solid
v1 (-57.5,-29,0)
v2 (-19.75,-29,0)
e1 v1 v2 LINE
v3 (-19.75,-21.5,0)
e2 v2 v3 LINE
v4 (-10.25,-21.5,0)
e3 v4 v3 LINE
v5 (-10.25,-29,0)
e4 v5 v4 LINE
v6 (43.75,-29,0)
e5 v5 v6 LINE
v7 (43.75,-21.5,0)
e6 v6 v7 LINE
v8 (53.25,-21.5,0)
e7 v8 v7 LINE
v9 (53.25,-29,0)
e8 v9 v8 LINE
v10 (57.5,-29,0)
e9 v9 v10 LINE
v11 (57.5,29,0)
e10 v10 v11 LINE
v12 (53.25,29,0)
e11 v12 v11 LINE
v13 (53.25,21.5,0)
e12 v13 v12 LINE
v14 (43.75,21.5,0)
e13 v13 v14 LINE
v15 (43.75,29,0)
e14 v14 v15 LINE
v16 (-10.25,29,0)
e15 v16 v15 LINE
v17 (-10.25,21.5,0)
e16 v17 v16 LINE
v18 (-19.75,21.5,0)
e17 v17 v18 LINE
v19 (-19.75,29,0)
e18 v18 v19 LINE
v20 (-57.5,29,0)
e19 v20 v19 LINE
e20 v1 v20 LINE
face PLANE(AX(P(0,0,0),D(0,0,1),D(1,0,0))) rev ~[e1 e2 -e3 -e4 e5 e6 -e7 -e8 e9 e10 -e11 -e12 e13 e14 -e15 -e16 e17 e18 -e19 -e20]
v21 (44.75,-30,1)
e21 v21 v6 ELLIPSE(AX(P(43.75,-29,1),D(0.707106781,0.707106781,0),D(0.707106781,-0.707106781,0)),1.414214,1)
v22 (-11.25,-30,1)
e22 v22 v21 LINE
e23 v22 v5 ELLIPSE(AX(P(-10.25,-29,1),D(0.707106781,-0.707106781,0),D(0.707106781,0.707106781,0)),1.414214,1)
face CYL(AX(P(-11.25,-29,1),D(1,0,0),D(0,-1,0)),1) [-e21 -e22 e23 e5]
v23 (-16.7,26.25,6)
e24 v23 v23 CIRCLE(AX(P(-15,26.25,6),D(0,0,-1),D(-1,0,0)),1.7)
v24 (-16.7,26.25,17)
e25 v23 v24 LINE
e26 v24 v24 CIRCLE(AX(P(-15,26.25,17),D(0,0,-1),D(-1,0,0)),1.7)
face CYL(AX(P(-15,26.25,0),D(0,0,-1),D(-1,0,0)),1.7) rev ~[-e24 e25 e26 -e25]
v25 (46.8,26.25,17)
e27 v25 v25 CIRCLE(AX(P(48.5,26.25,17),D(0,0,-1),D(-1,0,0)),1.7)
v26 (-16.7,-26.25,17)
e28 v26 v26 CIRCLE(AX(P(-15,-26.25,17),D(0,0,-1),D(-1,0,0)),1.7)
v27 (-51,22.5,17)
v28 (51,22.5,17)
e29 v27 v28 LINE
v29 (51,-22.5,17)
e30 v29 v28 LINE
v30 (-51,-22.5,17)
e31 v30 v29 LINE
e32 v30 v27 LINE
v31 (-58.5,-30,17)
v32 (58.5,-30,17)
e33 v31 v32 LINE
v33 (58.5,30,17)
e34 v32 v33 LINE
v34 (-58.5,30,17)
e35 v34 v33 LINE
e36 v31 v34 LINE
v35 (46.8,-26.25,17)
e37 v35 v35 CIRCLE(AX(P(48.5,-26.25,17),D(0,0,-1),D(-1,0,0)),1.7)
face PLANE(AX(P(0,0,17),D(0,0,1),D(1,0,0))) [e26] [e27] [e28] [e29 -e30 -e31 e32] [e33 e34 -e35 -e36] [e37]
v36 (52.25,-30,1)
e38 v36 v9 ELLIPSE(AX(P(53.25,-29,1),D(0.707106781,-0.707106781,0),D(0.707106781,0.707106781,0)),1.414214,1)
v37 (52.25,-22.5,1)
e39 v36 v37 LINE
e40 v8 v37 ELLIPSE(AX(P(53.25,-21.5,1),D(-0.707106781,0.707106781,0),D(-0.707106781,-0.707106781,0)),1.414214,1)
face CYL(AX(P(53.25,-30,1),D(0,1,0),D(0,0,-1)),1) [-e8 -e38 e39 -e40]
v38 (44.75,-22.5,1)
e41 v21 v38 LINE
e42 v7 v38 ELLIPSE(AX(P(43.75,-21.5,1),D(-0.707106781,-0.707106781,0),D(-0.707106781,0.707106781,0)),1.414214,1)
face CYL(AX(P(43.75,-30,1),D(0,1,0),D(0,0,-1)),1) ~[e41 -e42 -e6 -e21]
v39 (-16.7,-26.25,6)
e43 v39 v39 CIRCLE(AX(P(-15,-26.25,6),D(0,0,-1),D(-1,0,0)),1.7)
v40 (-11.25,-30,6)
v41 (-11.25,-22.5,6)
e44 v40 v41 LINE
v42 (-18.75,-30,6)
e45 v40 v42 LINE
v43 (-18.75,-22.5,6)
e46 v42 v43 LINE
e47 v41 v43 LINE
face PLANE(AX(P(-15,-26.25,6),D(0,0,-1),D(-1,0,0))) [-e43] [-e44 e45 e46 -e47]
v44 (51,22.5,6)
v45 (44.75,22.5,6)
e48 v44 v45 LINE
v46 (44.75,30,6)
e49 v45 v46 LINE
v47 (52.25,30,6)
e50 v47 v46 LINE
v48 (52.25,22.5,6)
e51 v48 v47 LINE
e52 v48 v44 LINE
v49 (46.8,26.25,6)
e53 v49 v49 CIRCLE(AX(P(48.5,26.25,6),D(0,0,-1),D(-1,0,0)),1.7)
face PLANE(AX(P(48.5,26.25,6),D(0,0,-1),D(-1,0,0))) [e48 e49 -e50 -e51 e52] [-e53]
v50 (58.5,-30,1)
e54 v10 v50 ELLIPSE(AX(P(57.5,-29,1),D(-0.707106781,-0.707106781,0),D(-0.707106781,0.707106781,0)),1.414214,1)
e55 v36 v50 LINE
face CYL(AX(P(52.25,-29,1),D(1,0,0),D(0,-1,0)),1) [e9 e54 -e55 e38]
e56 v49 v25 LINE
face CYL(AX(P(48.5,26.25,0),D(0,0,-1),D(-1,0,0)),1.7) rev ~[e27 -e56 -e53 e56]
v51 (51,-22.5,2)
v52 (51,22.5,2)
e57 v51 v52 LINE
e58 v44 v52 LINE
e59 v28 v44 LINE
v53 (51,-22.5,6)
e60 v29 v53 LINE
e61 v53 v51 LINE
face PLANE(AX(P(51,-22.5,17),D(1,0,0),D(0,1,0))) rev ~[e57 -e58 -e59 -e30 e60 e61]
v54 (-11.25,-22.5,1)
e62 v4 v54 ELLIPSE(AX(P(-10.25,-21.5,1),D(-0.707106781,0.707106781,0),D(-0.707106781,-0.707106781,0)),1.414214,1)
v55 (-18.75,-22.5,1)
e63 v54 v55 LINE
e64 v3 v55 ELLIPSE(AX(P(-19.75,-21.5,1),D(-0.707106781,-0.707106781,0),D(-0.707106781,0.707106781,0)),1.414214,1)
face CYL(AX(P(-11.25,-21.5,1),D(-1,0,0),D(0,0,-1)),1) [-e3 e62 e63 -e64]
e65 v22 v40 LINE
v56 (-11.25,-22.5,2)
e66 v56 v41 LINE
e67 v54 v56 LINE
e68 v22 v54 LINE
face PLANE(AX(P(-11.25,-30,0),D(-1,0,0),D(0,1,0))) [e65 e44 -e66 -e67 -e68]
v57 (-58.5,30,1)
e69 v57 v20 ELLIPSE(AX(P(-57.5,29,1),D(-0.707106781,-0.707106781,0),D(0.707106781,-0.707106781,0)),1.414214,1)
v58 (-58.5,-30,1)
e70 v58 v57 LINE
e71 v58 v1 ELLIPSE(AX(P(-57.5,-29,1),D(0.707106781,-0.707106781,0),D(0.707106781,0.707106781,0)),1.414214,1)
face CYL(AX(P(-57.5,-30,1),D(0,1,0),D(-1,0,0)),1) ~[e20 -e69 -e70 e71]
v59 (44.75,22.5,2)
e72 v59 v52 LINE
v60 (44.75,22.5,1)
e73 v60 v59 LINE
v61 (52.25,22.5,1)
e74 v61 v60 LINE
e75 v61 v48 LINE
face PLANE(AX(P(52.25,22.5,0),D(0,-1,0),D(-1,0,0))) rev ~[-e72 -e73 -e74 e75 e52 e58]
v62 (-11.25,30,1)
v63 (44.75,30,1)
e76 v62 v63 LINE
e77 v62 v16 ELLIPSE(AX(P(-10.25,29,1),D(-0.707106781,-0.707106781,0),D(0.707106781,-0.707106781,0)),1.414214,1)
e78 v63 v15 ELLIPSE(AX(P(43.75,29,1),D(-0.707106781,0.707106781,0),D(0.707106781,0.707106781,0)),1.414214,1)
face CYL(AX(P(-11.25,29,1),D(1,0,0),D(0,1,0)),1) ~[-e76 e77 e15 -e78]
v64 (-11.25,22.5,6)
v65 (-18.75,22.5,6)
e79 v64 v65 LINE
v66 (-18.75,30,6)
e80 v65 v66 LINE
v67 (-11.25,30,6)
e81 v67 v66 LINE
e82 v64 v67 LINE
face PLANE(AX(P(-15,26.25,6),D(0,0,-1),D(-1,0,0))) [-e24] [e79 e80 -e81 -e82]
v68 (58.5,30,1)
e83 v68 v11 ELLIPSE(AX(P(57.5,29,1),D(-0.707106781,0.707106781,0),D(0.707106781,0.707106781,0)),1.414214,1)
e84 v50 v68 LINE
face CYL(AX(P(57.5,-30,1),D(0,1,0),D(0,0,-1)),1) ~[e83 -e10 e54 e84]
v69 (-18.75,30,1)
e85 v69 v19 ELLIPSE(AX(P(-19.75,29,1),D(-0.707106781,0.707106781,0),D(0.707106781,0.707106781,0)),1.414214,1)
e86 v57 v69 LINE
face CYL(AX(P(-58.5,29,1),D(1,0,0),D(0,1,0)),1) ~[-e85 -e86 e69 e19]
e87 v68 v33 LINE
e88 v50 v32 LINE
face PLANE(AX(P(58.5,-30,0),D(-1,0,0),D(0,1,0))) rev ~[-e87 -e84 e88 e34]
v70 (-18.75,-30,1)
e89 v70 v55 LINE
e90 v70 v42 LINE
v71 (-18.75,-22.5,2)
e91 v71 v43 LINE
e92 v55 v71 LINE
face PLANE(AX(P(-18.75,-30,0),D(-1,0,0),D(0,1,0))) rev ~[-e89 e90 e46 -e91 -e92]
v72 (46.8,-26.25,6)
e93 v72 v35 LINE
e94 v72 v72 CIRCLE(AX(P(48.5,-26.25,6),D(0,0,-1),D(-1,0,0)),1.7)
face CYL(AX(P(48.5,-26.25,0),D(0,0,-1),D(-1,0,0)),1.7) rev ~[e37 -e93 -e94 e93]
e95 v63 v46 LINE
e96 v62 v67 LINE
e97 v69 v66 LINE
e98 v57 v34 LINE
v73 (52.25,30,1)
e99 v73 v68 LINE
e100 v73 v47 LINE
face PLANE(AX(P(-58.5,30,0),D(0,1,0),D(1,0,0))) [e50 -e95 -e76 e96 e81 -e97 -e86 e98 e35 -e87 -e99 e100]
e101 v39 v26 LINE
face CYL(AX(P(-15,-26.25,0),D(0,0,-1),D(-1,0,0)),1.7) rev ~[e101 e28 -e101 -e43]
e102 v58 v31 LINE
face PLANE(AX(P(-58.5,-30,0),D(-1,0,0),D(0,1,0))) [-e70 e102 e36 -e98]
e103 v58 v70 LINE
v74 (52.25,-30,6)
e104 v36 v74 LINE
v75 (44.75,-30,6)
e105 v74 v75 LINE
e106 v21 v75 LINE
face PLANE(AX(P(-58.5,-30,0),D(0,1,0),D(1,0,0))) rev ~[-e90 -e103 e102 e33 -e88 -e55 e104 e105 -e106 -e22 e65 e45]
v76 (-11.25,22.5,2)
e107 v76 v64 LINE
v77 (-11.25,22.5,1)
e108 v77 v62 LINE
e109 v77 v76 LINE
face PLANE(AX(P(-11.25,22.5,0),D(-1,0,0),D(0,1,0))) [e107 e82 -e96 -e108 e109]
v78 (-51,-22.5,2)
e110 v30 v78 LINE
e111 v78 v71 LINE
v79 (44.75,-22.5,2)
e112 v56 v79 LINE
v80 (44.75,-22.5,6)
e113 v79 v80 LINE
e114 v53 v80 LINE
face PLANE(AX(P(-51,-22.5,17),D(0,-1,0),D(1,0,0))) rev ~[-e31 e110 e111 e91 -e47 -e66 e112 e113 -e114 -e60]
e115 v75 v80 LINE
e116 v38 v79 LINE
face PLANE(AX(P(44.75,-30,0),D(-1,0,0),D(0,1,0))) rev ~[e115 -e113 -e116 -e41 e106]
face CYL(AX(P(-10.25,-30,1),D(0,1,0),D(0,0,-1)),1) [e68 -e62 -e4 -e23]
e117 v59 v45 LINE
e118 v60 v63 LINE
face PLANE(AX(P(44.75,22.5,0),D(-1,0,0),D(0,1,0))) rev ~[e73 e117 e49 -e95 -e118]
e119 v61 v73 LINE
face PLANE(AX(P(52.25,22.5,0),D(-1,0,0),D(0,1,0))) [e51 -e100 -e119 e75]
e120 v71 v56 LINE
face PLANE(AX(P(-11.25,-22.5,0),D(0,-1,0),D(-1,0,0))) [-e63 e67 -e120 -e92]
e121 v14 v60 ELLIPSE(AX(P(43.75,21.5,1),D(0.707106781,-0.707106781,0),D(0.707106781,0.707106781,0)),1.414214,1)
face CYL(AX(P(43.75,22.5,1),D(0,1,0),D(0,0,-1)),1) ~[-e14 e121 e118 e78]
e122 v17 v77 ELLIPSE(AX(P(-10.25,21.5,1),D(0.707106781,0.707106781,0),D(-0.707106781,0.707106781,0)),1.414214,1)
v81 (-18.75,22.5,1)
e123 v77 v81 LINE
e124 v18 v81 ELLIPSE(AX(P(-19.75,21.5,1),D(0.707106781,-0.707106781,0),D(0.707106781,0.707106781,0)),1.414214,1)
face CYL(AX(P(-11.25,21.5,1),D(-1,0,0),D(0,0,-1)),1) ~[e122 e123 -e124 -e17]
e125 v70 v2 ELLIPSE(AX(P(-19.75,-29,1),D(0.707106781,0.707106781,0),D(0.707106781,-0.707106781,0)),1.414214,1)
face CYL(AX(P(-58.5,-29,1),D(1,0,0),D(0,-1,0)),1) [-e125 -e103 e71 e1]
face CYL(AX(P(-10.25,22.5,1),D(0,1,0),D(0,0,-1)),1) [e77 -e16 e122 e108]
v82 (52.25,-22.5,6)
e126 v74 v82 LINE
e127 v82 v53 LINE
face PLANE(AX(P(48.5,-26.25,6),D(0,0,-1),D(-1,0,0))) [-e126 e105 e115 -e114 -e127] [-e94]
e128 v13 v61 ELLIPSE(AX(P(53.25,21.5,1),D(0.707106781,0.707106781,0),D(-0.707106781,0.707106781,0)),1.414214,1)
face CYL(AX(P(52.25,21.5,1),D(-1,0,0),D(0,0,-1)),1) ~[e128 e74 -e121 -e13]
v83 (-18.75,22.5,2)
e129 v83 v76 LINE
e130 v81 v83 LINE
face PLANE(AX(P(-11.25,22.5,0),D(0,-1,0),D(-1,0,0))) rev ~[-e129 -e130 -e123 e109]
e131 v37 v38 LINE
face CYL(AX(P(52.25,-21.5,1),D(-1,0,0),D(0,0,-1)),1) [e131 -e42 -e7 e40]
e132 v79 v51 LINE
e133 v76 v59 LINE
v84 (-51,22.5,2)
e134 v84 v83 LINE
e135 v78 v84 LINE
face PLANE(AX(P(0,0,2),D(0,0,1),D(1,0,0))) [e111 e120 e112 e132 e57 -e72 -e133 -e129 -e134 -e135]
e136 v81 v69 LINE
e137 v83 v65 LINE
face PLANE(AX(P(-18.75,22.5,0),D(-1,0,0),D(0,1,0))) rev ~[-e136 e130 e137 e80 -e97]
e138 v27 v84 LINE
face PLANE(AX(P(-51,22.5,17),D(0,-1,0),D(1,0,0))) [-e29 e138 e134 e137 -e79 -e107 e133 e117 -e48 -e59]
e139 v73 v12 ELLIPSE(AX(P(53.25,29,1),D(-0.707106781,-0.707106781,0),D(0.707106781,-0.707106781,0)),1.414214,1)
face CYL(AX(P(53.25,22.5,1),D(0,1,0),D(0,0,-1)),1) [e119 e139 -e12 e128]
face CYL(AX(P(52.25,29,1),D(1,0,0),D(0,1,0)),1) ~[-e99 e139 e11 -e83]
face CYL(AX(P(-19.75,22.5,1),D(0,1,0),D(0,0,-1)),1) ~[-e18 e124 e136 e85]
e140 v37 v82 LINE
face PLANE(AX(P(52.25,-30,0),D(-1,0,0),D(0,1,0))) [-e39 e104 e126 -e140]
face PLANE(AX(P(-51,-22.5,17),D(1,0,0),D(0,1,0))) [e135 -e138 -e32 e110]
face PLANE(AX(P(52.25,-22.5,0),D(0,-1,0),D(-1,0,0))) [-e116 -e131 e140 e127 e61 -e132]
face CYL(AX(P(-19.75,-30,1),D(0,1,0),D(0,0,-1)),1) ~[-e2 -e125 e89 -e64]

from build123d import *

# Parameters (mm, degrees)
SKETCH_1_W          = 117
SKETCH_1_H          = 60
EXTRUDE_1_DEPTH     = 17
SKETCH_2_W          = 102
SKETCH_2_H          = 45
CUT_EXTRUDE_1_DEPTH = 15
SKETCH_4_R          = 1.7
CUT_EXTRUDE_2_DEPTH = 18
SKETCH_5_W          = 7.5
SKETCH_5_H          = 7.5
CUT_EXTRUDE_3_DEPTH = 6
FILLET_2_R          = 1


with BuildPart() as part:
    # ｽｹｯﾁ1 → ﾎﾞｽ - 押し出し1 (new body)
    with BuildSketch(Plane.XY):
        Rectangle(SKETCH_1_W, SKETCH_1_H)
    extrude(amount=EXTRUDE_1_DEPTH)

    # ｽｹｯﾁ2 → ｶｯﾄ - 押し出し1 (cut)
    with BuildSketch(Plane.XY.offset(17)):
        Rectangle(SKETCH_2_W, SKETCH_2_H)
    extrude(amount=-CUT_EXTRUDE_1_DEPTH, mode=Mode.SUBTRACT)

    # ｽｹｯﾁ4 → ｶｯﾄ - 押し出し2 (cut, through all)
    with BuildSketch(Plane(origin=(0, 0, 0), x_dir=(-1, 0, 0), z_dir=(0, 0, -1))):
        with Locations((15, 26.25)):
            Circle(SKETCH_4_R)
        with Locations((15, -26.25)):
            Circle(SKETCH_4_R)
        with Locations((-48.5, -26.25)):
            Circle(SKETCH_4_R)
        with Locations((-48.5, 26.25)):
            Circle(SKETCH_4_R)
    extrude(amount=-CUT_EXTRUDE_2_DEPTH, mode=Mode.SUBTRACT)

    # ｽｹｯﾁ5 → ｶｯﾄ - 押し出し3 (cut)
    with BuildSketch(Plane(origin=(0, 0, 0), x_dir=(-1, 0, 0), z_dir=(0, 0, -1))):
        with Locations((-48.5, -26.25)):
            Rectangle(SKETCH_5_W, SKETCH_5_H)
        with Locations((-48.5, 26.25)):
            Rectangle(SKETCH_5_W, SKETCH_5_H)
        with Locations((15, 26.25)):
            Rectangle(SKETCH_5_W, SKETCH_5_H)
        with Locations((15, -26.25)):
            Rectangle(SKETCH_5_W, SKETCH_5_H)
    extrude(amount=-CUT_EXTRUDE_3_DEPTH, mode=Mode.SUBTRACT)

    # ﾌｨﾚｯﾄ2
    fillet_2_edges = [part.edges().sort_by_distance(p)[0] for p in [
        (55.375, 30, 0),
        (58.5, 0, 0),
        (16.75, 30, 0),
        (-38.625, 30, 0),
        (16.75, -30, 0),
        (55.375, -30, 0),
        (-38.625, -30, 0),
        (-58.5, 0, 0),
        (-18.75, -26.25, 0),
        (-15, -22.5, 0),
        (-11.25, -26.25, 0),
        (-18.75, 26.25, 0),
        (-11.25, 26.25, 0),
        (-15, 22.5, 0),
        (44.75, 26.25, 0),
        (52.25, 26.25, 0),
        (48.5, 22.5, 0),
        (44.75, -26.25, 0),
        (48.5, -22.5, 0),
        (52.25, -26.25, 0),
    ]]
    fillet(fillet_2_edges, radius=FILLET_2_R)


solid = part.part
